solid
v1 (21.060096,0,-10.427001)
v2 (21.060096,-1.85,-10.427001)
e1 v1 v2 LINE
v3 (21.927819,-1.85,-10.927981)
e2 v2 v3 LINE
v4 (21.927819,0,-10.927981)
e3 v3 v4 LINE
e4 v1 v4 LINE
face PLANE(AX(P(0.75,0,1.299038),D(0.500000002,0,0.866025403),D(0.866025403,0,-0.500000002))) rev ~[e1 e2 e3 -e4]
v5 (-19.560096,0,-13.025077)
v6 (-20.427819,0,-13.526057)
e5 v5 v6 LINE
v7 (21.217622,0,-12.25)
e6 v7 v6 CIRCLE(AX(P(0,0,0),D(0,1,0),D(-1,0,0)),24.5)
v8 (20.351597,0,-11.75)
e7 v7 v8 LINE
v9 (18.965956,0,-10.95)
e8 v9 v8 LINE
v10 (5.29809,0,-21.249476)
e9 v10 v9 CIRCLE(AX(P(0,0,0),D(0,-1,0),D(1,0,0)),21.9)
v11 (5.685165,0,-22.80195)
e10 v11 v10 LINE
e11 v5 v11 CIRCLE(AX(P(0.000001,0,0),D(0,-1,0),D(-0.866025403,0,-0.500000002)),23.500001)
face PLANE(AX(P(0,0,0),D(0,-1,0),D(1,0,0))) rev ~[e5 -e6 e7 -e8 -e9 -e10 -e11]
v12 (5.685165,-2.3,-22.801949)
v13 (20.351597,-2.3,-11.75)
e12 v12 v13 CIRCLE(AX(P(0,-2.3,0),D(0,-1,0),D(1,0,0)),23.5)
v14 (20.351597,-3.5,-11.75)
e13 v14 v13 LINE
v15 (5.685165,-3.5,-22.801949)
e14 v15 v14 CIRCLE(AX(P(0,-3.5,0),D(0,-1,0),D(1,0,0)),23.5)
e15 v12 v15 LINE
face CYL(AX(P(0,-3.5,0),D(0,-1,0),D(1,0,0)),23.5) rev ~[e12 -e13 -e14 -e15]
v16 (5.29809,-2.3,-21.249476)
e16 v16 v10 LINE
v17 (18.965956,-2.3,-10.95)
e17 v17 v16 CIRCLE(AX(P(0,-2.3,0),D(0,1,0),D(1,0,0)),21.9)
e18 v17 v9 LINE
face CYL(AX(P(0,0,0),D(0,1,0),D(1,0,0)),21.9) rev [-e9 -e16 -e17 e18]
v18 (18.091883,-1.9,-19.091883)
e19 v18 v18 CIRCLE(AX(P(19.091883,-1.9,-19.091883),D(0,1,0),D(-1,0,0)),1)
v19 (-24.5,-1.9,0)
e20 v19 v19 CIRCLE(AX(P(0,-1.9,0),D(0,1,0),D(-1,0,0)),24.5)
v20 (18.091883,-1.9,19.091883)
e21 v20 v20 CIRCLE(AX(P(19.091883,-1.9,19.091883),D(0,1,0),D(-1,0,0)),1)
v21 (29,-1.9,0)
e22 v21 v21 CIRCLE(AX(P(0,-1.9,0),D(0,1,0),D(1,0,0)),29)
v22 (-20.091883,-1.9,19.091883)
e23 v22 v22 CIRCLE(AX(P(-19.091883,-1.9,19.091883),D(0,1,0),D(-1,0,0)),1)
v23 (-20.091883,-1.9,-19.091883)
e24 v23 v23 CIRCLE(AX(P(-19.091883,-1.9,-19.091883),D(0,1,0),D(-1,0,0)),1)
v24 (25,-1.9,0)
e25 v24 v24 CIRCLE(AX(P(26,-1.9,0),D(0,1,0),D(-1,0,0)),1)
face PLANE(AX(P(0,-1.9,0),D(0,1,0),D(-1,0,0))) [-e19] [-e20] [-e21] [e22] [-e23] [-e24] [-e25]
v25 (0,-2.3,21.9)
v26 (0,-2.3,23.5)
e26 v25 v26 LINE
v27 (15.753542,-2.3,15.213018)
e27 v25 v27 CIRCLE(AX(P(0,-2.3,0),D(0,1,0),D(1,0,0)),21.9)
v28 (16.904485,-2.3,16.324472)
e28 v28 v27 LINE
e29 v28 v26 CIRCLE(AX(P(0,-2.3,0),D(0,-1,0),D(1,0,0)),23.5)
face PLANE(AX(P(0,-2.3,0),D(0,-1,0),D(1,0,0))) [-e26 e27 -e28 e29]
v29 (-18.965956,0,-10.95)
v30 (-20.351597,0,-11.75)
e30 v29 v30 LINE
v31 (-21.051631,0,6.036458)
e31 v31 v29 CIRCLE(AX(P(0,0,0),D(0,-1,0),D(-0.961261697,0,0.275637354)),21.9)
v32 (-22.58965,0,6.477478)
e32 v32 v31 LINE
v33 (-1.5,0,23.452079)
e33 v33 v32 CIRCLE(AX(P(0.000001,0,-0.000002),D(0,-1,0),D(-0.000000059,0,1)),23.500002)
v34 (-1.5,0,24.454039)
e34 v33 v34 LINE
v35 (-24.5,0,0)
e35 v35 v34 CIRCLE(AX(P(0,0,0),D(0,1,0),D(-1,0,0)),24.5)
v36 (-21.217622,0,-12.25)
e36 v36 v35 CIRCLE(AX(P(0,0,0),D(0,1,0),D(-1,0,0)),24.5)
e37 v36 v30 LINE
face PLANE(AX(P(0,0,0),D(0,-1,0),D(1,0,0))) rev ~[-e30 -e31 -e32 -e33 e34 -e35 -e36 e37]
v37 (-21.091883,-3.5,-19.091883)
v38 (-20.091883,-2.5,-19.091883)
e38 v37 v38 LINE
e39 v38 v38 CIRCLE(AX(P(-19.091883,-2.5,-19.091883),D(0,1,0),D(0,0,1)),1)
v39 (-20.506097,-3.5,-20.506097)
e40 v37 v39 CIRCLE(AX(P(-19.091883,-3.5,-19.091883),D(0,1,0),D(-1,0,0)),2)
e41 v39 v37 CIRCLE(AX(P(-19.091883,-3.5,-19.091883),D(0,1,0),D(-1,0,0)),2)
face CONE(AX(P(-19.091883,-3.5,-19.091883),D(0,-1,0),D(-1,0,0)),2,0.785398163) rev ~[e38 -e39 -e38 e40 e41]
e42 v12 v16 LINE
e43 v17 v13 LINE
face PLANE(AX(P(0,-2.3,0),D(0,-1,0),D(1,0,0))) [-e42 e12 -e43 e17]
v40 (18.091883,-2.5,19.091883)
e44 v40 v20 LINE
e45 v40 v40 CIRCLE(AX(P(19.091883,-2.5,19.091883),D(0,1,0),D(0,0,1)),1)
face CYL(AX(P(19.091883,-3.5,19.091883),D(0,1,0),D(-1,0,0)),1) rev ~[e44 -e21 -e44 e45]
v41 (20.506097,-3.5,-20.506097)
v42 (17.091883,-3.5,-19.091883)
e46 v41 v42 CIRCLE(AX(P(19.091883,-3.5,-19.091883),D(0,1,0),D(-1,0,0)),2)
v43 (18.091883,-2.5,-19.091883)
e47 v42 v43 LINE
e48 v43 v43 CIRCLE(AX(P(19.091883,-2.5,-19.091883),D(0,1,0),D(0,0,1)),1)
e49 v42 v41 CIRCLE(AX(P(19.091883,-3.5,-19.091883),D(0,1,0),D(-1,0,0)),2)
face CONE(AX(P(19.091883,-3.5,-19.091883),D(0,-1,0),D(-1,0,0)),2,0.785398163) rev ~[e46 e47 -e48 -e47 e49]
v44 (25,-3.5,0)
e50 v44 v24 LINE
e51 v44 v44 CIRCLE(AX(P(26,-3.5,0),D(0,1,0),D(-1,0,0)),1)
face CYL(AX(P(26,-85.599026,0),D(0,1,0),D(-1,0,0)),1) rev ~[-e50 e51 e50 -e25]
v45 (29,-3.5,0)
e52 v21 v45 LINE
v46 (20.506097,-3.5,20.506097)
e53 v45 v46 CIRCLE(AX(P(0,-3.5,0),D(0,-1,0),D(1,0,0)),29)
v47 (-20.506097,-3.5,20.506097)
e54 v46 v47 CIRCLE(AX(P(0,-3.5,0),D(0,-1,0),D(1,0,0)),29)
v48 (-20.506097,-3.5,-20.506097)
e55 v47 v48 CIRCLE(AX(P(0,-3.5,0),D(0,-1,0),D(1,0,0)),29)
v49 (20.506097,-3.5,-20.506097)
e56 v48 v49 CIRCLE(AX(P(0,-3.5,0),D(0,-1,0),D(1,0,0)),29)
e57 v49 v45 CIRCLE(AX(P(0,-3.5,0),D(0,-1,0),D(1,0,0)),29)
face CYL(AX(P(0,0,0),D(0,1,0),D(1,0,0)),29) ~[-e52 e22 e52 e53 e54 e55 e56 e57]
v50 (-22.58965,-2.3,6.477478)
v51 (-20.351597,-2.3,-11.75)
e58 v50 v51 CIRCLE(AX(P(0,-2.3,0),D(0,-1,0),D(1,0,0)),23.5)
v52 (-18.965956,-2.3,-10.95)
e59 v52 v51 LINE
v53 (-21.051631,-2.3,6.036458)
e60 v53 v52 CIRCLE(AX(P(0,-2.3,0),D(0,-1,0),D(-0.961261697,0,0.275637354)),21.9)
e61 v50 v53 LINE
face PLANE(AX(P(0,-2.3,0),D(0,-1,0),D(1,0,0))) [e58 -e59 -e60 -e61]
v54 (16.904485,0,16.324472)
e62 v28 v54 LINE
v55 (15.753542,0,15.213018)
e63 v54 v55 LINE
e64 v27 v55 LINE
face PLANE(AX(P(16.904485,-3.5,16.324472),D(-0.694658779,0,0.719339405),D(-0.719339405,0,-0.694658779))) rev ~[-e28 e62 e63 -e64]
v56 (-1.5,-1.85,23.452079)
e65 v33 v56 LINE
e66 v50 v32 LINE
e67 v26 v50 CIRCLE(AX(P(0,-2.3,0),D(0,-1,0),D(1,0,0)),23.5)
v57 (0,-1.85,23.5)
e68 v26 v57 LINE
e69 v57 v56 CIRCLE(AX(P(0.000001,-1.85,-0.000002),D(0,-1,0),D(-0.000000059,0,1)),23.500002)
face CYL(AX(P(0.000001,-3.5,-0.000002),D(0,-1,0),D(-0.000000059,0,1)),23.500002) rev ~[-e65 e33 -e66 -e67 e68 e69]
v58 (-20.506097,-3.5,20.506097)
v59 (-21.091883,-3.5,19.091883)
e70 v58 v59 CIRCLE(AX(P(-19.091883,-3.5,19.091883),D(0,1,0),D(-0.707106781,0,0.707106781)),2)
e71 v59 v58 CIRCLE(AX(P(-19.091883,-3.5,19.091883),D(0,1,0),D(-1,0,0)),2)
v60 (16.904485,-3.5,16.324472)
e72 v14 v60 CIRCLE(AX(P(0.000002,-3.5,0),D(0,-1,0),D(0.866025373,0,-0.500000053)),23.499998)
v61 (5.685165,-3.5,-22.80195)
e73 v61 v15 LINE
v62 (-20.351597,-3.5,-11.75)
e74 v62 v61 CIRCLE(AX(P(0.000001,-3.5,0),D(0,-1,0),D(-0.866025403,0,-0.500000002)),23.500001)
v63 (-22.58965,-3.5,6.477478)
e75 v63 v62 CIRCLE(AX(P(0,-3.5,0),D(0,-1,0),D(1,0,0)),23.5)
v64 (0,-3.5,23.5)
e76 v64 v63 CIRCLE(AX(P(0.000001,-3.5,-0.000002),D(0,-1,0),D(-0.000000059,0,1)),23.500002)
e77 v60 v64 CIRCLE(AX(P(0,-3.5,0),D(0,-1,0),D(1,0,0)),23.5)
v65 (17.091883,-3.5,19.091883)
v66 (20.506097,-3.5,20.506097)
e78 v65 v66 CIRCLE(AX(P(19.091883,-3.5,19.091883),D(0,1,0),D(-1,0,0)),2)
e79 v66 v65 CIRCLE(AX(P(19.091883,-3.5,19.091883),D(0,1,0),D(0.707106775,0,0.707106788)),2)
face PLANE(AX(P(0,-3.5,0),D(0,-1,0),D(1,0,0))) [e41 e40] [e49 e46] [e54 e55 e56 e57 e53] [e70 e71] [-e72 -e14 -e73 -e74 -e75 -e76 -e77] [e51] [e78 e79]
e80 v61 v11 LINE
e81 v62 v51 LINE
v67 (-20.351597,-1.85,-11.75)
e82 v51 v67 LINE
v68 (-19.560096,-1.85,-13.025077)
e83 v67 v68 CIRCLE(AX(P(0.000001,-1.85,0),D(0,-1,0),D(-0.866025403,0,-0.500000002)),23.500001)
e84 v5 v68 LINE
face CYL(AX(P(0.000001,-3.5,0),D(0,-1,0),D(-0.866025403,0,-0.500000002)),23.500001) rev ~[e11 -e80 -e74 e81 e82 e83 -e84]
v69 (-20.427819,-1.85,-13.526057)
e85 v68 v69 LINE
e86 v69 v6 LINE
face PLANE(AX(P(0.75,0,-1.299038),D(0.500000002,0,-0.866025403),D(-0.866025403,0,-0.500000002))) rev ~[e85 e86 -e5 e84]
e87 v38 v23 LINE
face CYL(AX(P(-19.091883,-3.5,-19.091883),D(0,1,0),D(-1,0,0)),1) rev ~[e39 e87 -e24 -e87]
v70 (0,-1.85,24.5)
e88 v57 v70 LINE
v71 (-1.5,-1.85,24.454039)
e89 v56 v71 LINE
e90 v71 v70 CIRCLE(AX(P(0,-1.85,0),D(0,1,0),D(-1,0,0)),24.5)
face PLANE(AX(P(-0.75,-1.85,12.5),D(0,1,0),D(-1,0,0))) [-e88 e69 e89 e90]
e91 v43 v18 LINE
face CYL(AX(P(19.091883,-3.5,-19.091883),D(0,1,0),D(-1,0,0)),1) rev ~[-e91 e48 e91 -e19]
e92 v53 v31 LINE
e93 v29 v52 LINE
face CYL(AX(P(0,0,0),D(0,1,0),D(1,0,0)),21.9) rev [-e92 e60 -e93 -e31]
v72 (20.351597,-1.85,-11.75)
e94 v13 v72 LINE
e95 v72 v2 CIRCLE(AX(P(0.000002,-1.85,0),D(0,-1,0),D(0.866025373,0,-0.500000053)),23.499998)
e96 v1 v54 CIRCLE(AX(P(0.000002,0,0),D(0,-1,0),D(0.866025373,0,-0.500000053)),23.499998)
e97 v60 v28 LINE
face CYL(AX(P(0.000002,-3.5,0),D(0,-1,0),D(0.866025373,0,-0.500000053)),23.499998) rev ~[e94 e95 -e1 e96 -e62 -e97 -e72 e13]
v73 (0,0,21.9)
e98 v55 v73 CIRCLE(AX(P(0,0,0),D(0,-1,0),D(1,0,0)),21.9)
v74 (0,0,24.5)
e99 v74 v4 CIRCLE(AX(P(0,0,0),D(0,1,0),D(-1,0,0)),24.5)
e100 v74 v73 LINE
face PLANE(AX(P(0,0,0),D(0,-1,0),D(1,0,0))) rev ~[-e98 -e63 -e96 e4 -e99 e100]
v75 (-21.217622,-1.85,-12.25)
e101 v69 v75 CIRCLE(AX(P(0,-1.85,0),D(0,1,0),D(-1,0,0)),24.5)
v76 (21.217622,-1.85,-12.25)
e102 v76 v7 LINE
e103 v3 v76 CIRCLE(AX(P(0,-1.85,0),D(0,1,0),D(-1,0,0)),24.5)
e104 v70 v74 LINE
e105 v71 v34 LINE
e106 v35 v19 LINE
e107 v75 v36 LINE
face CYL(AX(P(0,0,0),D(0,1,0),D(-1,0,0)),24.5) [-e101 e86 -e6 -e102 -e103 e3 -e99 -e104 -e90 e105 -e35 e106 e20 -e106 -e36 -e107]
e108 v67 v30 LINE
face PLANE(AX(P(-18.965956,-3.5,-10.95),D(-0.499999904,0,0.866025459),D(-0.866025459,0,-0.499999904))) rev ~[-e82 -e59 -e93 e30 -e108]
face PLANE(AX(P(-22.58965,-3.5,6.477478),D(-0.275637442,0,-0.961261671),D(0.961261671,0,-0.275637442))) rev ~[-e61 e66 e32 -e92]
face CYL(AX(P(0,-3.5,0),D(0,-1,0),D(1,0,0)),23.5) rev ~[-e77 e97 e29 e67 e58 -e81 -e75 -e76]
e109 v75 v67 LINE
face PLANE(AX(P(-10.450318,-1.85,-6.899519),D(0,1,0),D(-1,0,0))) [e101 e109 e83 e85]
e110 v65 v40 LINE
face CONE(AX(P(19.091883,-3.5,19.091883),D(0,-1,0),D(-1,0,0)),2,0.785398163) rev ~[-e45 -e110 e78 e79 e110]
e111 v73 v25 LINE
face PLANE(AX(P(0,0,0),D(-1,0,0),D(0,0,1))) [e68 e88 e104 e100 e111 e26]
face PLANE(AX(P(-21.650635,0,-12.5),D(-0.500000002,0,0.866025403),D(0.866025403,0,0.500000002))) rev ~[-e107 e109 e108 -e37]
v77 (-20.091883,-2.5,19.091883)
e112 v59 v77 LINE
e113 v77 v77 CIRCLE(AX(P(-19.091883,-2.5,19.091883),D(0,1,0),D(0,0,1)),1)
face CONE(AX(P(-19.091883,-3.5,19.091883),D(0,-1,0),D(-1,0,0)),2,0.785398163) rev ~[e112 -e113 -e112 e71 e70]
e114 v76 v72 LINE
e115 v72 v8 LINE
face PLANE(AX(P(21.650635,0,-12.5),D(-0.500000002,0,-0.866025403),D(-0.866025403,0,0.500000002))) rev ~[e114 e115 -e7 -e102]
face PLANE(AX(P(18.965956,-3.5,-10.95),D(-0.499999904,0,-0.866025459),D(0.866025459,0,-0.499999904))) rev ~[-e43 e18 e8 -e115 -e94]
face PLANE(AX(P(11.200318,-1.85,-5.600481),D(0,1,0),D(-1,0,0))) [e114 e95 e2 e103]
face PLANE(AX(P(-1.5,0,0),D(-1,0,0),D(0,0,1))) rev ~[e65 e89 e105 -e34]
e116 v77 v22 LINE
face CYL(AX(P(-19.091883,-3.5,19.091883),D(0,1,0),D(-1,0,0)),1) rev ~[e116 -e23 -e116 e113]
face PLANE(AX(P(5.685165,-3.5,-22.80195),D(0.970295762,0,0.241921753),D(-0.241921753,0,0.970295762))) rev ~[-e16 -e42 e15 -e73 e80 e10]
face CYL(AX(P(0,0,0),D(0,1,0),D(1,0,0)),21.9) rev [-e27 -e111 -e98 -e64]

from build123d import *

# Parameters (mm, degrees)
F0_R            = 29
F0_R_2          = 21.9
F1_DEPTH        = 3.5
F2_R            = 23.5
F3_DEPTH        = 1.2
F5_DEPTH        = 3.501
F6_R            = 30.5
F6_R_2          = 24.5
F7_DEPTH        = 1.9
F8_W            = 1.5
F8_H            = 25
F9_DEPTH        = 1.85
F11_D           = 2
F13_D           = 2
F13_DEPTH       = 10
F13_CSINK_D     = 4
F13_CSINK_ANGLE = 90


with BuildPart() as f1:
    # F0 (on Front) → F1 (new body)
    with BuildSketch(Plane.XZ):
        Circle(F0_R)
        Circle(F0_R_2, mode=Mode.SUBTRACT)
    extrude(amount=F1_DEPTH)

    # F2 (on face) → F3 (cut)
    with BuildSketch(Plane.XZ.offset(3.5)):
        Circle(F2_R)
    extrude(amount=-F3_DEPTH, mode=Mode.SUBTRACT)

    # F4 (on face) → F5 (cut, through all)
    with BuildSketch(Plane.XZ.offset(3.5)):
        with BuildLine():
            Line((0, 21.9), (0, 23.5))
            ThreePointArc((0, 23.5), (-14.142653, 18.767934), (-22.58965, 6.477478))
            Line((-22.58965, 6.477478), (-21.051631, 6.036458))
            ThreePointArc((-21.051631, 6.036458), (-21.736761, -2.668939), (-18.965956, -10.95))
            Line((-18.965956, -10.95), (-20.351597, -11.75))
            ThreePointArc((-20.351597, -11.75), (-9.182182, -21.631864), (5.685165, -22.80195))
            Line((5.685165, -22.80195), (5.29809, -21.249476))
            ThreePointArc((5.29809, -21.249476), (13.179749, -17.490118), (18.965956, -10.95))
            Line((18.965956, -10.95), (20.351597, -11.75))
            ThreePointArc((20.351597, -11.75), (23.324835, 2.86393), (16.904485, 16.324472))
            Line((16.904485, 16.324472), (15.753542, 15.213018))
            ThreePointArc((15.753542, 15.213018), (8.557012, 20.159056), (0, 21.9))
        make_face()
    extrude(amount=-F5_DEPTH, mode=Mode.SUBTRACT)

    # F6 (on face) → F7 (cut)
    with BuildSketch(Plane(origin=(0, 0, 0), x_dir=(-1, 0, 0), z_dir=(0, 1, 0))):
        Circle(F6_R)
        Circle(F6_R_2, mode=Mode.SUBTRACT)
    extrude(amount=-F7_DEPTH, mode=Mode.SUBTRACT)

    # F8 (on face) → F9 (cut)
    with BuildSketch(Plane(origin=(0, 0, 0), x_dir=(-1, 0, 0), z_dir=(0, 1, 0))):
        Polygon((21.650635, -12.5), (0, 0), (-0.75, -1.299038), (20.900635, -13.799038), align=None)
        with Locations((0.75, 12.5)):
            Rectangle(F8_W, F8_H)
        Polygon((-21.650635, -12.5), (0, 0), (-0.75, 1.299038), (-22.400635, -11.200962), align=None)
    extrude(amount=-F9_DEPTH, mode=Mode.SUBTRACT)

    # F11 (through all)
    with Locations(Plane.XZ.offset(3.5)):
        with Locations((26, 0)):
            Hole(F11_D / 2)

    # F13
    with Locations(Plane.XZ.offset(3.5)):
        with Locations((-19.091883, 19.091883), (19.091883, 19.091883), (19.091883, -19.091883), (-19.091883, -19.091883)):
            CounterSinkHole(F13_D / 2, F13_CSINK_D / 2, depth=F13_DEPTH, counter_sink_angle=F13_CSINK_ANGLE)


solid = f1.part
